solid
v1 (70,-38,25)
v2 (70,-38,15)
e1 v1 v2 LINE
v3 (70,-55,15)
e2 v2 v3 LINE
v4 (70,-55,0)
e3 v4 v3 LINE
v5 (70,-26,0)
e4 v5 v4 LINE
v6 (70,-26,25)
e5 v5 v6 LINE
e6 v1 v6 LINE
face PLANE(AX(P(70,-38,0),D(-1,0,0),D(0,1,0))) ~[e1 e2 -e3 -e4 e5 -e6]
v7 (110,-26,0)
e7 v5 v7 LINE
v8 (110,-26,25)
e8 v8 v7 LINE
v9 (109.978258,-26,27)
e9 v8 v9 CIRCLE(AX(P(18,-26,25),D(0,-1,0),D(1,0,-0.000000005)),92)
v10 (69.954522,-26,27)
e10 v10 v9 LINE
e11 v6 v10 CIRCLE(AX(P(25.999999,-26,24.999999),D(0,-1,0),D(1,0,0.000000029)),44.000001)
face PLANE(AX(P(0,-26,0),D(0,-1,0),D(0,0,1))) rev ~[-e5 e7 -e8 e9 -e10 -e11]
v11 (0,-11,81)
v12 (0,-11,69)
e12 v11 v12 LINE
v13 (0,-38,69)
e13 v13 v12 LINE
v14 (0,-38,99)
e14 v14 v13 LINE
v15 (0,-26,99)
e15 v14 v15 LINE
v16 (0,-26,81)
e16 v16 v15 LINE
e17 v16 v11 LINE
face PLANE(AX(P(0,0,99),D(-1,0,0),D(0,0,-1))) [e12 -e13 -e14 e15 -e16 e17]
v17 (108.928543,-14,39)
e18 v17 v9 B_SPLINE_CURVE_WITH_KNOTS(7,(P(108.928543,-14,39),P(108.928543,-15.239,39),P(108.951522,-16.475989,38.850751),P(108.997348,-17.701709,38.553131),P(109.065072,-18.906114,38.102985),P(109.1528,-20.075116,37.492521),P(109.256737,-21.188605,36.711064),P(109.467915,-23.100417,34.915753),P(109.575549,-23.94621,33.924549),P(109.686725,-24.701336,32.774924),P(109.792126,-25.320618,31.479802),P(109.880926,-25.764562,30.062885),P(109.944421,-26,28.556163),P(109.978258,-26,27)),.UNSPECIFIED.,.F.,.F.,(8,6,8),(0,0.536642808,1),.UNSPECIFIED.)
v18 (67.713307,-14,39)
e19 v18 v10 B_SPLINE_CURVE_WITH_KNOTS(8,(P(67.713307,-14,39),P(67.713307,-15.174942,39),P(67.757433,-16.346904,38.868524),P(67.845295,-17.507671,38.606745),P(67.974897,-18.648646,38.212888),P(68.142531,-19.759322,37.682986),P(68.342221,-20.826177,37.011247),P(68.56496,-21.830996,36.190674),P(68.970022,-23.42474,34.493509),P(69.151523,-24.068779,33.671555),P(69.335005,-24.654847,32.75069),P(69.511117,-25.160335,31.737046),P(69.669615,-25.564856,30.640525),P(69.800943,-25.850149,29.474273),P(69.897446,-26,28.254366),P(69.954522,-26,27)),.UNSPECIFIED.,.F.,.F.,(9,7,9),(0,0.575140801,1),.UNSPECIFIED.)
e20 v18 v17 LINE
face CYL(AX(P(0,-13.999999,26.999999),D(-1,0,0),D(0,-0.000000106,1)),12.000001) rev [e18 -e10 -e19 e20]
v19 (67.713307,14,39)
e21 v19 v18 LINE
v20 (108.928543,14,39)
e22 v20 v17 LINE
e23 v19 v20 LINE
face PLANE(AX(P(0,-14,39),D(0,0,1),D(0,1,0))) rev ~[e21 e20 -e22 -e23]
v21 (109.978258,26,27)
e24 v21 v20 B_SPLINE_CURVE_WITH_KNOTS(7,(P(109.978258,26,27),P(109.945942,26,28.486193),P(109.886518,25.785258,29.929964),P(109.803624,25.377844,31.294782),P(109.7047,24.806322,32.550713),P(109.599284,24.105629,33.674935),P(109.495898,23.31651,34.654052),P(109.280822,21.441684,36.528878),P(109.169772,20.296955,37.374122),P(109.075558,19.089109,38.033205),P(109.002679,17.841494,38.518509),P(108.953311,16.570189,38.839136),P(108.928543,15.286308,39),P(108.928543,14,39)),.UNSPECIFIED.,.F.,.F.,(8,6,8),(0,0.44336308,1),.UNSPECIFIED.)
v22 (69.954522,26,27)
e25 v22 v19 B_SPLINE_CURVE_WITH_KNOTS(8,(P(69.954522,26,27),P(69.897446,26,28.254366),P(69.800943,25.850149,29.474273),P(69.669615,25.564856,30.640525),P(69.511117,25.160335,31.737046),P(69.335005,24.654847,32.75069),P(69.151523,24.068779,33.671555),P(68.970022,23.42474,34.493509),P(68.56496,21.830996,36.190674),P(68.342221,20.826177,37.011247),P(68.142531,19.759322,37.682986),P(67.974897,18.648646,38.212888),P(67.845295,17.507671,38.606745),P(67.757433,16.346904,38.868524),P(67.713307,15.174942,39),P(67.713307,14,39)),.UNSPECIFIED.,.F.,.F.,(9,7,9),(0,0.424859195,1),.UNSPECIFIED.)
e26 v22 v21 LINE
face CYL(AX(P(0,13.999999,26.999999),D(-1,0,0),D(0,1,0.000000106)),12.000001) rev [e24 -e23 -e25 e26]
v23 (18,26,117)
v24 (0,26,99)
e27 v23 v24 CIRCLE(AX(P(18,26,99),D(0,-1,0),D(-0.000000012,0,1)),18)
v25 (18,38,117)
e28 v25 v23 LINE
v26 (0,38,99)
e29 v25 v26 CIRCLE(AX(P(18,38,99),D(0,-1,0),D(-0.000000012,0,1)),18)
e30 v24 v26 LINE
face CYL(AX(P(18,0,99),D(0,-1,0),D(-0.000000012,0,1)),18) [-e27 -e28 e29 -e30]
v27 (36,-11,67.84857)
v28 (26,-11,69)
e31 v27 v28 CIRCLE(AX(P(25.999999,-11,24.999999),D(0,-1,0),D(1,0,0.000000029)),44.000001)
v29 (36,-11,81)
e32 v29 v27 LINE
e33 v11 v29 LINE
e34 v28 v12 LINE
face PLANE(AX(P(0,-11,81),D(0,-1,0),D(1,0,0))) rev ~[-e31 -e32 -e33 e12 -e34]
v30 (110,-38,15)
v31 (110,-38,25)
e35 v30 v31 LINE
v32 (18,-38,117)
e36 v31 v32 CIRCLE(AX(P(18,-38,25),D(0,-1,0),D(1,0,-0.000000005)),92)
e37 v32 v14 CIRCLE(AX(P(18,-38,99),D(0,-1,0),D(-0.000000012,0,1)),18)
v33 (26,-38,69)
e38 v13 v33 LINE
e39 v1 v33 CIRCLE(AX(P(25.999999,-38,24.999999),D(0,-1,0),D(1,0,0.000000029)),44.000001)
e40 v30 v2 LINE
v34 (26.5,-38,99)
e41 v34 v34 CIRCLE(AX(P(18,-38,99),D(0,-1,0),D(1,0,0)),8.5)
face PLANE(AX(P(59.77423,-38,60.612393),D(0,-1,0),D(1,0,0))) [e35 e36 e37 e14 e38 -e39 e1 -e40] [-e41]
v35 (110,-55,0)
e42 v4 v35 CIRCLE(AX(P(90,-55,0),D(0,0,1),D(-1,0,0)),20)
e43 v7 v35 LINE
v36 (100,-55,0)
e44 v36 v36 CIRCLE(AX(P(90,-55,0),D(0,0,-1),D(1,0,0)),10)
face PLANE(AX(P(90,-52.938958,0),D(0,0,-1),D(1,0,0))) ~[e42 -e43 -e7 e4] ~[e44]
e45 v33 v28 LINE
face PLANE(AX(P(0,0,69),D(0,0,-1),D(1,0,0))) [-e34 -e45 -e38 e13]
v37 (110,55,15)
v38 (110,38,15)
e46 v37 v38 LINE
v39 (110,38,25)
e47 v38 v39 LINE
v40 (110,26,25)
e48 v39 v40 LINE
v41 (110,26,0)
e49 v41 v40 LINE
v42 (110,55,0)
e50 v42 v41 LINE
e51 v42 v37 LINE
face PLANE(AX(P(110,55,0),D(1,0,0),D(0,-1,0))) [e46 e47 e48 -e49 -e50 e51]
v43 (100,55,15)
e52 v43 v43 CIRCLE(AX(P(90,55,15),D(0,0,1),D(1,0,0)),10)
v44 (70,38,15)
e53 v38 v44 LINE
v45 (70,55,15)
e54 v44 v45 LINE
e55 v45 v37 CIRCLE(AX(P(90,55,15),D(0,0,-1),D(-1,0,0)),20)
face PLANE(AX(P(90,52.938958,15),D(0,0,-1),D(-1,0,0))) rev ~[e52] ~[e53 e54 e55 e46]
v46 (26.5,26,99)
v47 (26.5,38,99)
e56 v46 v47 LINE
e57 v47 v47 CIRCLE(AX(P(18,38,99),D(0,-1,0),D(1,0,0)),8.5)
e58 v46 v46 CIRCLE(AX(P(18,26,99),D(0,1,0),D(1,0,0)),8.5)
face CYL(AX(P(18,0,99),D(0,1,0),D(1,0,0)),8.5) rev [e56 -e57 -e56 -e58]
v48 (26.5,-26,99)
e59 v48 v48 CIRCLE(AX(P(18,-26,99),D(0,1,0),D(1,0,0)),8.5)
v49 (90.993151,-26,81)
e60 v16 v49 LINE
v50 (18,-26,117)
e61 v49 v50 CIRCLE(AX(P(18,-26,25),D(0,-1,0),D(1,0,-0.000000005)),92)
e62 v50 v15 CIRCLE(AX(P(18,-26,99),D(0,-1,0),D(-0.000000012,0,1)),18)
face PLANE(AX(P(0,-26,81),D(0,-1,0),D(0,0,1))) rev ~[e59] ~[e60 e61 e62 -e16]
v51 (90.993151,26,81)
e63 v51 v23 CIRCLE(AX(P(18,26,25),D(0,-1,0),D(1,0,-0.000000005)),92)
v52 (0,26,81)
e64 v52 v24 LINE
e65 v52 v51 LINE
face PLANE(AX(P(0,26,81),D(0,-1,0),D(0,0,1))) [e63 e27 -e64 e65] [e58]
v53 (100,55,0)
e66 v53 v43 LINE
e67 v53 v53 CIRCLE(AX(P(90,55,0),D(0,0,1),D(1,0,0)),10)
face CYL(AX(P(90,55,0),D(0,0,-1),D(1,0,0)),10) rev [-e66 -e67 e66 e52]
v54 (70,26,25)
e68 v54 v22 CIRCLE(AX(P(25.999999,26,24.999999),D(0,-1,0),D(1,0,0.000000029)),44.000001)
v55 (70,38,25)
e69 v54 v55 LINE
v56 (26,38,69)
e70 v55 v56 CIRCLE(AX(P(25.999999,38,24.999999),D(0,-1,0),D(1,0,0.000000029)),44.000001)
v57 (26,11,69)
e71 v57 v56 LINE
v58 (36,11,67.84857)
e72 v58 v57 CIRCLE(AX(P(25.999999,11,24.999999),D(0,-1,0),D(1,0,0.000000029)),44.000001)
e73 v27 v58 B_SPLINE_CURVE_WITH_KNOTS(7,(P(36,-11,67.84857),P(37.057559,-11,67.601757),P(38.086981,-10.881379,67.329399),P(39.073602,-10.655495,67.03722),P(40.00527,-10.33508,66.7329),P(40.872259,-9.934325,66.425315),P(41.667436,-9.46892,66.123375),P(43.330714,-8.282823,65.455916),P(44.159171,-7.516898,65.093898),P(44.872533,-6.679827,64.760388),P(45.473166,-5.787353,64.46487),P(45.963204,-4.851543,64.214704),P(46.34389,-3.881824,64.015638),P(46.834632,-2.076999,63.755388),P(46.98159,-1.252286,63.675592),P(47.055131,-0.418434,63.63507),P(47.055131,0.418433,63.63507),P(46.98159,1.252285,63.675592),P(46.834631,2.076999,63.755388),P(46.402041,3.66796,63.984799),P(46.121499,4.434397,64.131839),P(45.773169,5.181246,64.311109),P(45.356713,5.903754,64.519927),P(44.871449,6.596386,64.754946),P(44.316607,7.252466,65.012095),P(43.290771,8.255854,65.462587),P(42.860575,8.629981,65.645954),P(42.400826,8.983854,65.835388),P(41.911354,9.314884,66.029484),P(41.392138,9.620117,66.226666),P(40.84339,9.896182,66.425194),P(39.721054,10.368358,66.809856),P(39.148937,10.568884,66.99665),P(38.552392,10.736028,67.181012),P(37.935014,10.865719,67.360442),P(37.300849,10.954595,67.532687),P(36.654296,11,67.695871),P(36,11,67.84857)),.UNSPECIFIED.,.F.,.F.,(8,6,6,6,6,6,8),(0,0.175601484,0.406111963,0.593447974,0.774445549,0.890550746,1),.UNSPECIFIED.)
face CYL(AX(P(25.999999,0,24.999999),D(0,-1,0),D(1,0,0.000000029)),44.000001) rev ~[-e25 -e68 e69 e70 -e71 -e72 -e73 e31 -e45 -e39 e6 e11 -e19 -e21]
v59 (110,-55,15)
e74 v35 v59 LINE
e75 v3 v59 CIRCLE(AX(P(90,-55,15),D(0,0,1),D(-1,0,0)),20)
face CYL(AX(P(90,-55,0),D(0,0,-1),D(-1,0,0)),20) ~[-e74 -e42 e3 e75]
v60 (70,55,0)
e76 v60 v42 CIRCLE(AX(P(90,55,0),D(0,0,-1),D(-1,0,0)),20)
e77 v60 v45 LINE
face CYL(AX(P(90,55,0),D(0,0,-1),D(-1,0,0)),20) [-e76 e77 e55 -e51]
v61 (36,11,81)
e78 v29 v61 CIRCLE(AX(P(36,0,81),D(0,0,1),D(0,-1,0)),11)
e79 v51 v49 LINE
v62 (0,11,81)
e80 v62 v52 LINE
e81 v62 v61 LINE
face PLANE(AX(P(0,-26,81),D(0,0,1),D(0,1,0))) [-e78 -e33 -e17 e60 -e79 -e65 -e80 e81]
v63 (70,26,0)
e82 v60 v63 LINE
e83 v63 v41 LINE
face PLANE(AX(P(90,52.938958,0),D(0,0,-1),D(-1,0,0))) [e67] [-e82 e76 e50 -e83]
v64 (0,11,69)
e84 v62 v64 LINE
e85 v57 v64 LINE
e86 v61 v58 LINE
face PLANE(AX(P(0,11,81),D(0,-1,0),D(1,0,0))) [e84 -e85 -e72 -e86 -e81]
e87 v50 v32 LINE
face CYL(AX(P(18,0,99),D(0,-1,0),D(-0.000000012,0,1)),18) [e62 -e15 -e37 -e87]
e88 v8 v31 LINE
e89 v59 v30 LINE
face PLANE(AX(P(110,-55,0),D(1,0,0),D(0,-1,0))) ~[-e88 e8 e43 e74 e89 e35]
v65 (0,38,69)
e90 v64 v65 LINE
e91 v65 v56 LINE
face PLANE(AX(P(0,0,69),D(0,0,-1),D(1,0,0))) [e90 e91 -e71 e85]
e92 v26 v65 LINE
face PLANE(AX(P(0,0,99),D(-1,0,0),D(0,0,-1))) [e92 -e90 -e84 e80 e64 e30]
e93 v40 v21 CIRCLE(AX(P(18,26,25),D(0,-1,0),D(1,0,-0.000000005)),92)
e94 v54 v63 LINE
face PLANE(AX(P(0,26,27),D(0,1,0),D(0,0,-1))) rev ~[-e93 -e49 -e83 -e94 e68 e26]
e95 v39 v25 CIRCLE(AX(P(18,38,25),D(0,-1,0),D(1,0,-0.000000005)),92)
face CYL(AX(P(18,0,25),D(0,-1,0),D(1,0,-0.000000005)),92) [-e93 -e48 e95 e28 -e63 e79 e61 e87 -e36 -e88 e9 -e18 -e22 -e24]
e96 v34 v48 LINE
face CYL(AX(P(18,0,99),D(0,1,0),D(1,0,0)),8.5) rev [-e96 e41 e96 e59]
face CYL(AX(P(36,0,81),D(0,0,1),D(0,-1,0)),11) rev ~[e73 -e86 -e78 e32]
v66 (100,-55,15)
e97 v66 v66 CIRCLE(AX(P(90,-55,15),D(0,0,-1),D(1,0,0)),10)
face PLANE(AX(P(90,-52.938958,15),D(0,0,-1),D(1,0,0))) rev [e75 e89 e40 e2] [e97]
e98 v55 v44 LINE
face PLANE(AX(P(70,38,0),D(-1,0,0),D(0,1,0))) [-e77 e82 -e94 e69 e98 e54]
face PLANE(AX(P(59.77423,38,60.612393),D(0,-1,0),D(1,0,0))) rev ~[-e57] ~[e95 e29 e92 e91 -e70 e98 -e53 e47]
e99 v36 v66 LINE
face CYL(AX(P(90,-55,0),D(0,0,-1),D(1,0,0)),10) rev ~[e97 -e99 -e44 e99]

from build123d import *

# Parameters (mm, degrees)
SKETCH_R          = 8.5
PAD_DEPTH         = 38
SKETCH001_W       = 52
SKETCH001_H       = 36
POCKET_DEPTH      = 0.001
POCKET_DEPTH_BACK = 110.001
POCKET001_DEPTH   = 81.001
SKETCH003_R       = 10
PAD001_DEPTH      = 15


with BuildPart() as part:
    # Sketch (on XZ_Plane of Origin) → Pad (new body, symmetric)
    with BuildSketch(Plane.XZ):
        with BuildLine():
            Line((70, 0), (110, 0))
            Line((110, 0), (110, 25))
            ThreePointArc((110, 25), (83.053824, 90.053824), (18, 117))
            ThreePointArc((18, 117), (5.272078, 111.727922), (0, 99))
            Line((0, 99), (0, 69))
            Line((0, 69), (26, 69))
            ThreePointArc((70, 25), (57.112698, 56.112698), (26, 69))
            Line((70, 25), (70, 0))
        make_face()
        with Locations((18, 99)):
            Circle(SKETCH_R, mode=Mode.SUBTRACT)
    extrude(amount=PAD_DEPTH, both=True)

    # Sketch001 (on YZ_Plane of Origin) → Pocket (cut, two sides)
    with BuildSketch(Plane.YZ) as pocket_sk:
        with BuildLine():
            Line((-26, 0), (-26, 27))
            ThreePointArc((-14, 39), (-22.485281, 35.485281), (-26, 27))
            Line((-14, 39), (14, 39))
            ThreePointArc((26, 27), (22.485281, 35.485281), (14, 39))
            Line((26, 27), (26, 0))
            Line((26, 0), (-26, 0))
        make_face()
        with Locations((0, 99)):
            Rectangle(SKETCH001_W, SKETCH001_H)
    extrude(amount=-POCKET_DEPTH, mode=Mode.SUBTRACT)
    extrude(pocket_sk.sketch, amount=POCKET_DEPTH_BACK, mode=Mode.SUBTRACT)

    # Sketch002 (on Face14 of Pocket) → Pocket001 (cut, through all)
    with BuildSketch(Plane.XY.offset(81)):
        with BuildLine():
            ThreePointArc((0, 11), (-11, 0), (0, -11))
            Line((0, -11), (36, -11))
            ThreePointArc((36, -11), (47, 0), (36, 11))
            Line((0, 11), (36, 11))
        make_face()
    extrude(amount=-POCKET001_DEPTH, mode=Mode.SUBTRACT)

    # Sketch003 (on XY_Plane of Origin) → Pad001 (join)
    with BuildSketch(Plane.XY):
        with BuildLine():
            Line((70, 38), (70, 55))
            ThreePointArc((70, 55), (90, 75), (110, 55))
            Line((110, 55), (110, 38))
            Line((110, 38), (70, 38))
        make_face()
        with Locations((90, 55)):
            Circle(SKETCH003_R, mode=Mode.SUBTRACT)
    pad001 = extrude(amount=PAD001_DEPTH)

    # Mirrored: Pad001 across XZ
    add(pad001.mirror(Plane.XZ))


solid = part.part
